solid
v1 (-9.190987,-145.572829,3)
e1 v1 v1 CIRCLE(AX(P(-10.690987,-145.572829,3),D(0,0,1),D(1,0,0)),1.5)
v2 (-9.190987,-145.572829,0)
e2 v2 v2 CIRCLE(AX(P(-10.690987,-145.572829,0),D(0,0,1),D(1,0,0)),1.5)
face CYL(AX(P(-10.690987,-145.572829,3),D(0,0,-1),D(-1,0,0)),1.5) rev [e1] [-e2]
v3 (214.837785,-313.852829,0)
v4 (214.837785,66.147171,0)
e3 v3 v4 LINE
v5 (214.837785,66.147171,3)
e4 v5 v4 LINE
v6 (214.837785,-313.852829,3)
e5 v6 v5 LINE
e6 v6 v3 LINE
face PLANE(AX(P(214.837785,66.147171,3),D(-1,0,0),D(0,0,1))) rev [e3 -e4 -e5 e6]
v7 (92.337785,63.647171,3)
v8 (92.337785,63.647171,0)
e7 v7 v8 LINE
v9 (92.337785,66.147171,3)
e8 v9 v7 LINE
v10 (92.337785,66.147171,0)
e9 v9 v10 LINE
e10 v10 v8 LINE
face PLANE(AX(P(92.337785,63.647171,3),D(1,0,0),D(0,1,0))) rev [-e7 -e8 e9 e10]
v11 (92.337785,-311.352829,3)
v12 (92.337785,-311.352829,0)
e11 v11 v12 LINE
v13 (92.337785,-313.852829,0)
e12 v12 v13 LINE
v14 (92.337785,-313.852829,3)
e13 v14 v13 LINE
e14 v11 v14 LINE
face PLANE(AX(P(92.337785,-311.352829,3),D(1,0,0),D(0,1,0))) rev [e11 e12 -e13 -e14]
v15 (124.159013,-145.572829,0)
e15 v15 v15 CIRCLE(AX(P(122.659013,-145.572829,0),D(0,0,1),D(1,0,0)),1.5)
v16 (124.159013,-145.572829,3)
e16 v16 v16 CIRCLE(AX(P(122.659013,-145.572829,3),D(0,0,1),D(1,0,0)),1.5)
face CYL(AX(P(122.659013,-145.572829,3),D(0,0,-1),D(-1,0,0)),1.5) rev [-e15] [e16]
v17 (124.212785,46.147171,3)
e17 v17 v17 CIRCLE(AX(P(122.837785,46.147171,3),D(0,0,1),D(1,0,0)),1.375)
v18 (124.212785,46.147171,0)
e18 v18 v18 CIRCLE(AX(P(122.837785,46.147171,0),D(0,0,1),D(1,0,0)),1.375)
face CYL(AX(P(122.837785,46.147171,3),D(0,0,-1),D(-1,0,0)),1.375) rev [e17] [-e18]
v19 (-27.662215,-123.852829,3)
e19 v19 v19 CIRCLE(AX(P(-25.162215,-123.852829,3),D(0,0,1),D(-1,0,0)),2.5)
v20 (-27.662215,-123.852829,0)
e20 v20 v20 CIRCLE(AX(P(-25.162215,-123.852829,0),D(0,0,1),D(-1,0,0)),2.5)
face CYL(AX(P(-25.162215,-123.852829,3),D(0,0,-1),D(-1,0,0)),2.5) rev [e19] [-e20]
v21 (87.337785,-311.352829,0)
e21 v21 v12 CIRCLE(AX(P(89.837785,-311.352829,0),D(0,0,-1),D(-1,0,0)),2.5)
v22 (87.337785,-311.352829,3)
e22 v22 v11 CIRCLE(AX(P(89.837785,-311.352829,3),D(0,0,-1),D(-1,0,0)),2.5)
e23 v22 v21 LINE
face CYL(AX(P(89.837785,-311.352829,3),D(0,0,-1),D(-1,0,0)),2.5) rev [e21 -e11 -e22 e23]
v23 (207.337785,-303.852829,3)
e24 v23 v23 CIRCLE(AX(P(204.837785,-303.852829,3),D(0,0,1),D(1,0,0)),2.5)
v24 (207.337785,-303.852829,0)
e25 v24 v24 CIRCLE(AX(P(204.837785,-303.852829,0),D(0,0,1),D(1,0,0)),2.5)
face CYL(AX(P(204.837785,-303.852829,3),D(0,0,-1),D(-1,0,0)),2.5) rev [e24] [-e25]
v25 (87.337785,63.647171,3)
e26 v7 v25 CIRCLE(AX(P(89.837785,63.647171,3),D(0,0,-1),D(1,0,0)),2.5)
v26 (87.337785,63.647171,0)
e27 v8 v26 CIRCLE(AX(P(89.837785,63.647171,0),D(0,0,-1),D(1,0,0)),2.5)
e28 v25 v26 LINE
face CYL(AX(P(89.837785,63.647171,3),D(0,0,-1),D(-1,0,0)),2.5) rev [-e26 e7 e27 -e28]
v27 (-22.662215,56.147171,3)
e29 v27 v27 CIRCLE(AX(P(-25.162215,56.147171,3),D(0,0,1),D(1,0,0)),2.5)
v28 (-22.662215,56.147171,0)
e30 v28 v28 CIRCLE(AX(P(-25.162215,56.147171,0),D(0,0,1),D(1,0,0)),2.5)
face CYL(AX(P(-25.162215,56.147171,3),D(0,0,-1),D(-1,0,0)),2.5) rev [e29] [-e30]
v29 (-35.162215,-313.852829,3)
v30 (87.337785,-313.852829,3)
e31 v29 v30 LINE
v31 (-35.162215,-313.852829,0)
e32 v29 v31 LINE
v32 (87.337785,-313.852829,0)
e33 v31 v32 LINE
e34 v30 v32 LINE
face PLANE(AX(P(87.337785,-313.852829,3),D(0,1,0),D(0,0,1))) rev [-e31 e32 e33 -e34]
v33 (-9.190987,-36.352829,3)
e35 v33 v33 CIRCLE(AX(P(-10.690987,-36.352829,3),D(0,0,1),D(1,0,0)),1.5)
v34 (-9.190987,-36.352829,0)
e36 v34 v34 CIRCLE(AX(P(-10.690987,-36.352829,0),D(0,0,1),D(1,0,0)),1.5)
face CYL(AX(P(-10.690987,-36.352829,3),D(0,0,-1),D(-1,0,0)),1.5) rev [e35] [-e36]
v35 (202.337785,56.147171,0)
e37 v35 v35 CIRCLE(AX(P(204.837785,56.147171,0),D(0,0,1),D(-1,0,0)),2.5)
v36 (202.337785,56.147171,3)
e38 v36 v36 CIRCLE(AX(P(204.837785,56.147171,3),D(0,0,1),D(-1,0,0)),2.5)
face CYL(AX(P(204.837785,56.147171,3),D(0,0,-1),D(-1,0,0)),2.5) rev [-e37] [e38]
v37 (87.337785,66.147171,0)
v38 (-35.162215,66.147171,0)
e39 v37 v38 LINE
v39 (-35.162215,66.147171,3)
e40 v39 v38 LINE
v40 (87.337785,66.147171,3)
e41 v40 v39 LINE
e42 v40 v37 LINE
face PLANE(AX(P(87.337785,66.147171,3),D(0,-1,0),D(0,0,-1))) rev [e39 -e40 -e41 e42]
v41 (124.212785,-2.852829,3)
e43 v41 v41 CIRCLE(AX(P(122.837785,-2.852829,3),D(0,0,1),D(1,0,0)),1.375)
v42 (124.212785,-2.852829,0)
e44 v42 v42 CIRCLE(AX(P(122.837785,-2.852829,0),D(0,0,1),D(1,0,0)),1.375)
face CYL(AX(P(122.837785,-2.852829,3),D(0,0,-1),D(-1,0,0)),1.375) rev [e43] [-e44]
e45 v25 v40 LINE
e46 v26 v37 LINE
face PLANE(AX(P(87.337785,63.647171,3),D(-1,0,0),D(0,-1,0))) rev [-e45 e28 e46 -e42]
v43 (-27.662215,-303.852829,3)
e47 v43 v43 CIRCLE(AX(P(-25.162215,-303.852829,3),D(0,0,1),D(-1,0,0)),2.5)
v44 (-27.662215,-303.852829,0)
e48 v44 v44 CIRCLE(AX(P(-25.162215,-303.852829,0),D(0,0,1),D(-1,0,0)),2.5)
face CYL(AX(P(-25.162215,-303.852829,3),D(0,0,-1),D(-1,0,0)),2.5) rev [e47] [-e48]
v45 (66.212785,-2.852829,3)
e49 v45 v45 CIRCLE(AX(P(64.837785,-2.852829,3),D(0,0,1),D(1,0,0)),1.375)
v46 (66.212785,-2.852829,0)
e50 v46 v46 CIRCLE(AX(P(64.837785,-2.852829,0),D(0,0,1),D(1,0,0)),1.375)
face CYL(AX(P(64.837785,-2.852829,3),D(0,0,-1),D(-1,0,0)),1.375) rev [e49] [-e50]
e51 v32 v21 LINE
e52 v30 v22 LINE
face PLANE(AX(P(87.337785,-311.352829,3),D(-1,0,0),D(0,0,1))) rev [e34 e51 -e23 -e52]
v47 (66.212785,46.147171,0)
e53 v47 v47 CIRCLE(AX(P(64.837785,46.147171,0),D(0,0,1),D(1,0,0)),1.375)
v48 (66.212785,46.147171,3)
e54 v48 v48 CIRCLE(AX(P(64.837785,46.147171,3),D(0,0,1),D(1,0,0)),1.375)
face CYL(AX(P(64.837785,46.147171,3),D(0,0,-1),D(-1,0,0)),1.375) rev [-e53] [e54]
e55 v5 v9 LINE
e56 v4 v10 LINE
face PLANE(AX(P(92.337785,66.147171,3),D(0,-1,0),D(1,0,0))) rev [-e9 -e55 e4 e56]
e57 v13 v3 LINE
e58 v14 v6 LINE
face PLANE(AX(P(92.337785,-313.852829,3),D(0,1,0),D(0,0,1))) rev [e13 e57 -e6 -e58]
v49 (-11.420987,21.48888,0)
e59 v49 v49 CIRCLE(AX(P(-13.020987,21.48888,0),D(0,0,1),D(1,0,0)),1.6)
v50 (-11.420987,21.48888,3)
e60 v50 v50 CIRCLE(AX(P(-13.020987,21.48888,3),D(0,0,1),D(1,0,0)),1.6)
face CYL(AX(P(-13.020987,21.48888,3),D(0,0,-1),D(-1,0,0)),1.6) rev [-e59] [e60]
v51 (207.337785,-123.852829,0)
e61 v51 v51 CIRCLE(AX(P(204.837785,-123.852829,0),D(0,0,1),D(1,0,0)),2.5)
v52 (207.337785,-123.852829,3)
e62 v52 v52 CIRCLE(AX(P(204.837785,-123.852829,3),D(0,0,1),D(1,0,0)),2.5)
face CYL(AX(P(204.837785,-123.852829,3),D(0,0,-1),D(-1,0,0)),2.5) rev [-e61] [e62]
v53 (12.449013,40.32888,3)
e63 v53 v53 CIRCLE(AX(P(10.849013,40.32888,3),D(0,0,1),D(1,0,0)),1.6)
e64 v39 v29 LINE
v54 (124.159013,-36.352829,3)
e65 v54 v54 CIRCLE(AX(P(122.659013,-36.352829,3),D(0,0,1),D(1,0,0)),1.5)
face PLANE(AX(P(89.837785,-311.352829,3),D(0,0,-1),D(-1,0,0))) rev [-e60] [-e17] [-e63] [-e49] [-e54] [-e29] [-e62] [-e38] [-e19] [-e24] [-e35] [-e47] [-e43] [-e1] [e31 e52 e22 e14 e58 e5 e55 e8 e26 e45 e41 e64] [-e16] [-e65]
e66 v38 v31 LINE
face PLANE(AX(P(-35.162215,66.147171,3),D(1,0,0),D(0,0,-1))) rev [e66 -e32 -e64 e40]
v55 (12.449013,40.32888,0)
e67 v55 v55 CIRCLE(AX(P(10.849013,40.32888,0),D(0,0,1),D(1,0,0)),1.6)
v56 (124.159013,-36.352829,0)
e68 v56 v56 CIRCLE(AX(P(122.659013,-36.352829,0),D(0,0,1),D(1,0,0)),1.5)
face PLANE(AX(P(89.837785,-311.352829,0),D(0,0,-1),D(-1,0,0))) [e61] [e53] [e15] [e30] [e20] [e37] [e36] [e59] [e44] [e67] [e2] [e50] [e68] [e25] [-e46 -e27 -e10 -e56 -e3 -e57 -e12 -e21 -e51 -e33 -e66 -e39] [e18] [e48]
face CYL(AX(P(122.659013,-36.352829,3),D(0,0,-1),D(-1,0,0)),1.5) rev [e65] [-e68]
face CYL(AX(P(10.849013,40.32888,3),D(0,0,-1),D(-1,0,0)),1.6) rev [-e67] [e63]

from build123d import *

# Parameters (mm, degrees)
ESQUISSE1_R        = 1.375
ESQUISSE1_R_2      = 1.5
ESQUISSE1_R_3      = 2.5
ESQUISSE1_R_4      = 1.6
BOSS_EXTRU_1_DEPTH = 3


with BuildPart() as part:
    # Esquisse1 → Boss.-Extru.1 (new body)
    with BuildSketch(Plane.XY):
        with BuildLine():
            Line((92.337784558, -311.352829028), (92.337784558, -313.852829028))
            Line((92.337784558, -313.852829028), (214.837784558, -313.852829028))
            Line((214.837784558, -313.852829028), (214.837784558, 66.147170972))
            Line((214.837784558, 66.147170972), (92.337784558, 66.147170972))
            Line((92.337784558, 66.147170972), (92.337784558, 63.647170972))
            ThreePointArc((92.337784558, 63.647170972), (89.837784558, 61.147170972), (87.337784558, 63.647170972))
            Line((87.337784558, 63.647170972), (87.337784558, 66.147170972))
            Line((87.337784558, 66.147170972), (-35.162215442, 66.147170972))
            Line((-35.162215442, 66.147170972), (-35.162215442, -313.852829028))
            Line((-35.162215442, -313.852829028), (87.337784558, -313.852829028))
            Line((87.337784558, -313.852829028), (87.337784558, -311.352829028))
            ThreePointArc((87.337784558, -311.352829028), (89.837784558, -308.852829028), (92.337784558, -311.352829028))
        make_face()
        with Locations((64.837784558, 46.147170972)):
            Circle(ESQUISSE1_R, mode=Mode.SUBTRACT)
        with Locations((122.837784558, 46.147170972)):
            Circle(ESQUISSE1_R, mode=Mode.SUBTRACT)
        with Locations((64.837784558, -2.852829028)):
            Circle(ESQUISSE1_R, mode=Mode.SUBTRACT)
        with Locations((122.837784558, -2.852829028)):
            Circle(ESQUISSE1_R, mode=Mode.SUBTRACT)
        with Locations((-10.69098659, -36.352829028)):
            Circle(ESQUISSE1_R_2, mode=Mode.SUBTRACT)
        with Locations((122.65901341, -36.352829028)):
            Circle(ESQUISSE1_R_2, mode=Mode.SUBTRACT)
        with Locations((122.65901341, -145.572829028)):
            Circle(ESQUISSE1_R_2, mode=Mode.SUBTRACT)
        with Locations((-10.69098659, -145.572829028)):
            Circle(ESQUISSE1_R_2, mode=Mode.SUBTRACT)
        with Locations((-25.162215442, 56.147170972)):
            Circle(ESQUISSE1_R_3, mode=Mode.SUBTRACT)
        with Locations((204.837784558, 56.147170972)):
            Circle(ESQUISSE1_R_3, mode=Mode.SUBTRACT)
        with Locations((204.837784558, -303.852829028)):
            Circle(ESQUISSE1_R_3, mode=Mode.SUBTRACT)
        with Locations((-25.162215442, -303.852829028)):
            Circle(ESQUISSE1_R_3, mode=Mode.SUBTRACT)
        with Locations((204.837784558, -123.852829028)):
            Circle(ESQUISSE1_R_3, mode=Mode.SUBTRACT)
        with Locations((-25.162215442, -123.852829028)):
            Circle(ESQUISSE1_R_3, mode=Mode.SUBTRACT)
        with Locations((10.84901341, 40.328880037)):
            Circle(ESQUISSE1_R_4, mode=Mode.SUBTRACT)
        with Locations((-13.02098659, 21.488880037)):
            Circle(ESQUISSE1_R_4, mode=Mode.SUBTRACT)
    extrude(amount=BOSS_EXTRU_1_DEPTH)


solid = part.part
